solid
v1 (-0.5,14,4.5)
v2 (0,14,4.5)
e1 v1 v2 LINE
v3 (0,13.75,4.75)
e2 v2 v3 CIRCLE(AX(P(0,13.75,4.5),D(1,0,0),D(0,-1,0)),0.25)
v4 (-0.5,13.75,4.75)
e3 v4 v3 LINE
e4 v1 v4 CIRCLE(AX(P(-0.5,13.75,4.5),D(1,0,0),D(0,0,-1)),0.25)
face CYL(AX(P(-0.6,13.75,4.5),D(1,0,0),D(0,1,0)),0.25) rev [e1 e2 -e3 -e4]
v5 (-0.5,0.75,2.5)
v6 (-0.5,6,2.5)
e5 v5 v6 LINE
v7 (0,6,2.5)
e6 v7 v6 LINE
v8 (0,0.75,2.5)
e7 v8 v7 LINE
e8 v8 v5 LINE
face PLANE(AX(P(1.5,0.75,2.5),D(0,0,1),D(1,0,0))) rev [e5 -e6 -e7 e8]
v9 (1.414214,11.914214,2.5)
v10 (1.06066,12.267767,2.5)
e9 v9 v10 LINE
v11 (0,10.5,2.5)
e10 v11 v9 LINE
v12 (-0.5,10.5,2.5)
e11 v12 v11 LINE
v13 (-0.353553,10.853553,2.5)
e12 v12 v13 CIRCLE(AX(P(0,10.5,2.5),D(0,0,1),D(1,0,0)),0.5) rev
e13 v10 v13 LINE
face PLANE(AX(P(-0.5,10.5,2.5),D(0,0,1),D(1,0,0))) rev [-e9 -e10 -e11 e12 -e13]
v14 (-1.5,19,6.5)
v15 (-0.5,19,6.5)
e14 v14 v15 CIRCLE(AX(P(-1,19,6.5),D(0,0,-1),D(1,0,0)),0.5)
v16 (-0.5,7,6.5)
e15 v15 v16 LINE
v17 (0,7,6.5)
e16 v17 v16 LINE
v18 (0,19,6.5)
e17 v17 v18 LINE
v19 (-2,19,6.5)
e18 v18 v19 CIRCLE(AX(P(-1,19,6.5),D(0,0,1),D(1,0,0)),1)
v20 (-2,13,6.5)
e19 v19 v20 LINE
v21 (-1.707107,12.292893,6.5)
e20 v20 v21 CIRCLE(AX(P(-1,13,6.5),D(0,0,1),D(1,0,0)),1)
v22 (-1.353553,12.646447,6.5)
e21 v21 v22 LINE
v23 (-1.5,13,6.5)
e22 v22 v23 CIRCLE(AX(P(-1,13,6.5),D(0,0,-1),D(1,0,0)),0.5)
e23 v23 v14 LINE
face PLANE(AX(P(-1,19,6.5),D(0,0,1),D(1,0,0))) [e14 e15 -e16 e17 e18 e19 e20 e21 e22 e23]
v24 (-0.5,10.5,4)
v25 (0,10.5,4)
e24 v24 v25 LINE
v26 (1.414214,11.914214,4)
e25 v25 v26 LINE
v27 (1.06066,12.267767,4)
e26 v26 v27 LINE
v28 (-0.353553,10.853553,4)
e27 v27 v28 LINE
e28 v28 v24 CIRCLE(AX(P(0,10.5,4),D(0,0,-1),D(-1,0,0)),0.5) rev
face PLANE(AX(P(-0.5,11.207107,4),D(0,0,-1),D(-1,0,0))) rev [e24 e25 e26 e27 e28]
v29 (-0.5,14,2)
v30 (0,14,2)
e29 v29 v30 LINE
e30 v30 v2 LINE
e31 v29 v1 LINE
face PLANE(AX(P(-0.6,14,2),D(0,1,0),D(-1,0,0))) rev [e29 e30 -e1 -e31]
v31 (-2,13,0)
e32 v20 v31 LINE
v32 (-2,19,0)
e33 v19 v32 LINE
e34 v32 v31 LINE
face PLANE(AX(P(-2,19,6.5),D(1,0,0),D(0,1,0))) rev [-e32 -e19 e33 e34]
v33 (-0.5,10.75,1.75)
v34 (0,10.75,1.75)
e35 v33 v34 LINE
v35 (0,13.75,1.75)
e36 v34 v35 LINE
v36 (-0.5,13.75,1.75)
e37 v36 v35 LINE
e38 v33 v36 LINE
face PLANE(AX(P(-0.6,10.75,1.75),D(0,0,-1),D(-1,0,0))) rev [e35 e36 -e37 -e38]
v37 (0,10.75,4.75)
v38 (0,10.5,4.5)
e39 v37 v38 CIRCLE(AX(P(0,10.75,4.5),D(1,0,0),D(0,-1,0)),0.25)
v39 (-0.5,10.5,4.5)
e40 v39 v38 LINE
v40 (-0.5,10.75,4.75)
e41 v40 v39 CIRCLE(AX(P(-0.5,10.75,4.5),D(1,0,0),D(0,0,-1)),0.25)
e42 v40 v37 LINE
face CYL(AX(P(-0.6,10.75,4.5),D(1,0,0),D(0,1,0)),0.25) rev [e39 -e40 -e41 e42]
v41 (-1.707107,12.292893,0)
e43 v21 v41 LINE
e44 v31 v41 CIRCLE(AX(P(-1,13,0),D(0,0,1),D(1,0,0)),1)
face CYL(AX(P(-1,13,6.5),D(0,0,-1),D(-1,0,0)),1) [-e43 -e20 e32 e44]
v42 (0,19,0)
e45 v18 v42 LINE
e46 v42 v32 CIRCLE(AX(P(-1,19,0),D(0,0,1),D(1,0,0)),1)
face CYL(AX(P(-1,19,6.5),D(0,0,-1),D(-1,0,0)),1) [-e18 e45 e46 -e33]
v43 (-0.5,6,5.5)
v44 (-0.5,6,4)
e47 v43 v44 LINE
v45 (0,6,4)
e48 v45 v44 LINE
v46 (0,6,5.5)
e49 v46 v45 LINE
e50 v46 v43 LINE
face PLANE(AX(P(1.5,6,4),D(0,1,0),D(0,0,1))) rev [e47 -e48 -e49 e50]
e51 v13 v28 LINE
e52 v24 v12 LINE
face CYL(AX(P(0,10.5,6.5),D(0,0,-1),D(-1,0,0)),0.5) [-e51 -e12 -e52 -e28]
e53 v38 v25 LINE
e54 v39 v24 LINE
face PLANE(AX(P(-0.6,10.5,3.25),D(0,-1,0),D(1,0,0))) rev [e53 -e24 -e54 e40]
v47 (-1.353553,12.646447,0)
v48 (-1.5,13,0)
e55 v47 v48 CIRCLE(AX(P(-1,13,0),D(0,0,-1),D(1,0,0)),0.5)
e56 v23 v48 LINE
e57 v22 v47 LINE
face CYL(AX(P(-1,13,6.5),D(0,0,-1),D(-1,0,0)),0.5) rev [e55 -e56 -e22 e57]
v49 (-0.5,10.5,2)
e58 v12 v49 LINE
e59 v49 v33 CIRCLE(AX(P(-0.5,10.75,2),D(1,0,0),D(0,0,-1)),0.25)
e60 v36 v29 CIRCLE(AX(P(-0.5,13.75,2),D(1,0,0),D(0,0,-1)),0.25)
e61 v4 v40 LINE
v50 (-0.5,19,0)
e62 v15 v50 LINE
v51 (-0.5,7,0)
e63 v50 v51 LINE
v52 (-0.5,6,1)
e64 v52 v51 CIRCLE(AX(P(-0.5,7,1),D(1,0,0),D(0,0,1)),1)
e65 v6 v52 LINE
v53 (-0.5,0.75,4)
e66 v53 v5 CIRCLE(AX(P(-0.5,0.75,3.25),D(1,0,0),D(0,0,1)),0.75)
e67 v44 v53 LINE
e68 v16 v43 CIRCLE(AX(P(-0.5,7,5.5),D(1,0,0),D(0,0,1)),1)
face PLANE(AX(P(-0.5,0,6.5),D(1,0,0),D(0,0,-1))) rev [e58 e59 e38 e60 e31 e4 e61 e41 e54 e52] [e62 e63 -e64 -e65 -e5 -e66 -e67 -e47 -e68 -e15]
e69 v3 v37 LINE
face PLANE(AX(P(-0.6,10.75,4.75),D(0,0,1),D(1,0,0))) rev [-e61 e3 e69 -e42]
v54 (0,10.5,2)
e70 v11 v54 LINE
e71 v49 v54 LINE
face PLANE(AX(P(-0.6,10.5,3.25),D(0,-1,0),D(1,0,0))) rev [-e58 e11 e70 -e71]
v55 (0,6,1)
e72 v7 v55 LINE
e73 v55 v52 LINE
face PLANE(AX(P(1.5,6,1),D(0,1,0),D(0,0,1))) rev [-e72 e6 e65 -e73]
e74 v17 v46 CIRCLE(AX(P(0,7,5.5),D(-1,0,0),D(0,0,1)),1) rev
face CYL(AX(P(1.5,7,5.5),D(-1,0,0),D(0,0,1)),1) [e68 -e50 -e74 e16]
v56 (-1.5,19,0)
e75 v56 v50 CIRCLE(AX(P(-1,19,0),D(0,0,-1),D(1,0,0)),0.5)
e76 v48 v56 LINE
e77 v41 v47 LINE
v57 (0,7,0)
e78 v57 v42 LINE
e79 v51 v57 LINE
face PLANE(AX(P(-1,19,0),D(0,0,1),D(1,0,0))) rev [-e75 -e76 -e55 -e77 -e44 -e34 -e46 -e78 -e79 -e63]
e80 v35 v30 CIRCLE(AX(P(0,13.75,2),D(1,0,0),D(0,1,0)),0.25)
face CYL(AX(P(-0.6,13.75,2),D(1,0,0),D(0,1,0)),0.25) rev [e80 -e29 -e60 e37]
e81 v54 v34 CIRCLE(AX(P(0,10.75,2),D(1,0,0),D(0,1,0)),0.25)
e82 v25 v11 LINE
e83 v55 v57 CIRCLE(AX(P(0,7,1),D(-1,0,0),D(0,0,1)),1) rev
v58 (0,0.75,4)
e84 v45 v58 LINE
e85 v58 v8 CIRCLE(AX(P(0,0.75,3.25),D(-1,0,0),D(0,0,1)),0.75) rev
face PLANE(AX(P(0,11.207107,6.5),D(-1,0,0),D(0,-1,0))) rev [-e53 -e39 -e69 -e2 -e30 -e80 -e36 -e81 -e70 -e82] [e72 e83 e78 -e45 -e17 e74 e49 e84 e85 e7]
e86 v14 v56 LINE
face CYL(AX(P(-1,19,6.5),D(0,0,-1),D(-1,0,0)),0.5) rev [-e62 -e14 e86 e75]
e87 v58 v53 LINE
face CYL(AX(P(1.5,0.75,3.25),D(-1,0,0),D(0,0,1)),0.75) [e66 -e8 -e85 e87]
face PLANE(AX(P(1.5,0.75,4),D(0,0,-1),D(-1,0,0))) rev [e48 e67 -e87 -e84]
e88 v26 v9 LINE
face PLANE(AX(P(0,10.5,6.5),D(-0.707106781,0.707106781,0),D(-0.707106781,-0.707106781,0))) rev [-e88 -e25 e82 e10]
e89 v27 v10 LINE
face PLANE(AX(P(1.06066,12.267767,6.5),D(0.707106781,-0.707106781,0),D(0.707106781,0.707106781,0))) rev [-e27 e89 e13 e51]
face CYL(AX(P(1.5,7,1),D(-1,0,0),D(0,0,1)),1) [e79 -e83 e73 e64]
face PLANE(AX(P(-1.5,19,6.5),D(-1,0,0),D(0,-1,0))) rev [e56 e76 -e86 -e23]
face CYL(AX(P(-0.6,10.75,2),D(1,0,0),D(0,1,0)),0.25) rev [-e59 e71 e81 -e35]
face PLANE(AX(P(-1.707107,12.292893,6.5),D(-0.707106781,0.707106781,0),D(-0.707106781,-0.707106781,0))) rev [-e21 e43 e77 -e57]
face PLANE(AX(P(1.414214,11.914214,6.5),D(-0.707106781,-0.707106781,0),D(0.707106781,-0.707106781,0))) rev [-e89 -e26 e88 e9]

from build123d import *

# Parameters (mm, degrees)
EXTRUDE_1_DEPTH     = 6.5
CUT_EXTRUDE_1_DEPTH = 2
SKETCH_3_W          = 2
SKETCH_3_H          = 2
CUT_EXTRUDE_2_DEPTH = 2.5
SKETCH_4_W          = 2
SKETCH_4_H          = 2
CUT_EXTRUDE_3_DEPTH = 2.5
CUT_EXTRUDE_4_DEPTH = 0.6
SKETCH_6_W          = 1.5
SKETCH_6_H          = 0.707106781
EXTRUDE_2_DEPTH     = 0.5
CUT_EXTRUDE_5_DEPTH = 2
FILLET_1_R          = 0.5


with BuildPart() as part:
    # Эскиз1 → Бобышка-Вытянуть1 (new body)
    with BuildSketch(Plane.XY):
        with BuildLine():
            Line((-2, 19), (-2, 13))
            ThreePointArc((-2, 13), (-1.923879533, 12.617316568), (-1.707106781, 12.292893219))
            Line((-1.707106781, 12.292893219), (-1.353553391, 12.646446609))
            ThreePointArc((-1.353553391, 12.646446609), (-1.461939766, 12.808658284), (-1.5, 13))
            Line((-1.5, 13), (-1.5, 19))
            ThreePointArc((-1.5, 19), (-1, 19.5), (-0.5, 19))
            Line((-0.5, 19), (-0.5, 0))
            Line((-0.5, 0), (0, 0))
            Line((0, 0), (0, 10.5))
            Line((0, 10.5), (1.414213562, 11.914213562))
            Line((1.414213562, 11.914213562), (1.060660172, 12.267766953))
            Line((1.060660172, 12.267766953), (0, 11.207106781))
            Line((0, 11.207106781), (0, 19))
            ThreePointArc((0, 19), (-1, 20), (-2, 19))
        make_face()
    extrude(amount=EXTRUDE_1_DEPTH)

    # Эскиз2 → Вырез-Вытянуть1 (cut)
    with BuildSketch(Plane.ZY.offset(0.5)):
        with BuildLine():
            Line((4, 6), (5.5, 6))
            ThreePointArc((5.5, 6), (6.207106781, 6.292893219), (6.5, 7))
            Line((6.5, 7), (8.5, 7))
            Line((8.5, 7), (8.5, -1))
            Line((8.5, -1), (-2, -1))
            Line((-2, -1), (-2, 7))
            Line((-2, 7), (0, 7))
            ThreePointArc((0, 7), (0.292893219, 6.292893219), (1, 6))
            Line((1, 6), (2.5, 6))
            Line((2.5, 6), (2.5, 0.75))
            ThreePointArc((2.5, 0.75), (3.25, 0), (4, 0.75))
            Line((4, 0.75), (4, 6))
        make_face()
    extrude(amount=-CUT_EXTRUDE_1_DEPTH, mode=Mode.SUBTRACT)

    # Эскиз3 → Вырез-Вытянуть2 (cut)
    with BuildSketch(Plane.XY.offset(6.5)):
        with Locations((1, 11.5)):
            Rectangle(SKETCH_3_W, SKETCH_3_H)
    extrude(amount=-CUT_EXTRUDE_2_DEPTH, mode=Mode.SUBTRACT)

    # Эскиз4 → Вырез-Вытянуть3 (cut)
    with BuildSketch(Plane(origin=(0, 0, 0), x_dir=(-1, 0, 0), z_dir=(0, 0, -1))):
        with Locations((-1, 11.5)):
            Rectangle(SKETCH_4_W, SKETCH_4_H)
    extrude(amount=-CUT_EXTRUDE_3_DEPTH, mode=Mode.SUBTRACT)

    # Эскиз5 → Вырез-Вытянуть4 (cut)
    with BuildSketch(Plane(origin=(0, 0, 0), x_dir=(0, 0, -1), z_dir=(1, 0, 0))):
        with BuildLine():
            Line((-3.25, 10.5), (-2, 10.5))
            ThreePointArc((-2, 10.5), (-1.823223305, 10.573223305), (-1.75, 10.75))
            Line((-1.75, 10.75), (-1.75, 13.75))
            ThreePointArc((-1.75, 13.75), (-1.823223305, 13.926776695), (-2, 14))
            Line((-2, 14), (-4.5, 14))
            ThreePointArc((-4.5, 14), (-4.676776695, 13.926776695), (-4.75, 13.75))
            Line((-4.75, 13.75), (-4.75, 10.75))
            ThreePointArc((-4.75, 10.75), (-4.676776695, 10.573223305), (-4.5, 10.5))
            Line((-4.5, 10.5), (-3.25, 10.5))
        make_face()
    extrude(amount=-CUT_EXTRUDE_4_DEPTH, mode=Mode.SUBTRACT)

    # Эскиз6 → Бобышка-Вытянуть2 (add)
    with BuildSketch(Plane.ZY):
        with Locations((3.25, 10.853553391)):
            Rectangle(SKETCH_6_W, SKETCH_6_H)
    extrude(amount=EXTRUDE_2_DEPTH)

    # Эскиз7 → Вырез-Вытянуть5 (cut)
    with BuildSketch(Plane(origin=(0, 0, 2.5), x_dir=(-1, 0, 0), z_dir=(0, 0, -1))):
        Polygon((0, 11.207106781), (0.5, 10.707106781), (1, 10.707106781), (1, 11.207106781), align=None)
    extrude(amount=-CUT_EXTRUDE_5_DEPTH, mode=Mode.SUBTRACT)

    # Скругление1
    fillet_1_edges = [part.edges().sort_by_distance(p)[0] for p in [
        (-0.5, 10.707106781, 3.25),
    ]]
    fillet(fillet_1_edges, radius=FILLET_1_R)


solid = part.part
